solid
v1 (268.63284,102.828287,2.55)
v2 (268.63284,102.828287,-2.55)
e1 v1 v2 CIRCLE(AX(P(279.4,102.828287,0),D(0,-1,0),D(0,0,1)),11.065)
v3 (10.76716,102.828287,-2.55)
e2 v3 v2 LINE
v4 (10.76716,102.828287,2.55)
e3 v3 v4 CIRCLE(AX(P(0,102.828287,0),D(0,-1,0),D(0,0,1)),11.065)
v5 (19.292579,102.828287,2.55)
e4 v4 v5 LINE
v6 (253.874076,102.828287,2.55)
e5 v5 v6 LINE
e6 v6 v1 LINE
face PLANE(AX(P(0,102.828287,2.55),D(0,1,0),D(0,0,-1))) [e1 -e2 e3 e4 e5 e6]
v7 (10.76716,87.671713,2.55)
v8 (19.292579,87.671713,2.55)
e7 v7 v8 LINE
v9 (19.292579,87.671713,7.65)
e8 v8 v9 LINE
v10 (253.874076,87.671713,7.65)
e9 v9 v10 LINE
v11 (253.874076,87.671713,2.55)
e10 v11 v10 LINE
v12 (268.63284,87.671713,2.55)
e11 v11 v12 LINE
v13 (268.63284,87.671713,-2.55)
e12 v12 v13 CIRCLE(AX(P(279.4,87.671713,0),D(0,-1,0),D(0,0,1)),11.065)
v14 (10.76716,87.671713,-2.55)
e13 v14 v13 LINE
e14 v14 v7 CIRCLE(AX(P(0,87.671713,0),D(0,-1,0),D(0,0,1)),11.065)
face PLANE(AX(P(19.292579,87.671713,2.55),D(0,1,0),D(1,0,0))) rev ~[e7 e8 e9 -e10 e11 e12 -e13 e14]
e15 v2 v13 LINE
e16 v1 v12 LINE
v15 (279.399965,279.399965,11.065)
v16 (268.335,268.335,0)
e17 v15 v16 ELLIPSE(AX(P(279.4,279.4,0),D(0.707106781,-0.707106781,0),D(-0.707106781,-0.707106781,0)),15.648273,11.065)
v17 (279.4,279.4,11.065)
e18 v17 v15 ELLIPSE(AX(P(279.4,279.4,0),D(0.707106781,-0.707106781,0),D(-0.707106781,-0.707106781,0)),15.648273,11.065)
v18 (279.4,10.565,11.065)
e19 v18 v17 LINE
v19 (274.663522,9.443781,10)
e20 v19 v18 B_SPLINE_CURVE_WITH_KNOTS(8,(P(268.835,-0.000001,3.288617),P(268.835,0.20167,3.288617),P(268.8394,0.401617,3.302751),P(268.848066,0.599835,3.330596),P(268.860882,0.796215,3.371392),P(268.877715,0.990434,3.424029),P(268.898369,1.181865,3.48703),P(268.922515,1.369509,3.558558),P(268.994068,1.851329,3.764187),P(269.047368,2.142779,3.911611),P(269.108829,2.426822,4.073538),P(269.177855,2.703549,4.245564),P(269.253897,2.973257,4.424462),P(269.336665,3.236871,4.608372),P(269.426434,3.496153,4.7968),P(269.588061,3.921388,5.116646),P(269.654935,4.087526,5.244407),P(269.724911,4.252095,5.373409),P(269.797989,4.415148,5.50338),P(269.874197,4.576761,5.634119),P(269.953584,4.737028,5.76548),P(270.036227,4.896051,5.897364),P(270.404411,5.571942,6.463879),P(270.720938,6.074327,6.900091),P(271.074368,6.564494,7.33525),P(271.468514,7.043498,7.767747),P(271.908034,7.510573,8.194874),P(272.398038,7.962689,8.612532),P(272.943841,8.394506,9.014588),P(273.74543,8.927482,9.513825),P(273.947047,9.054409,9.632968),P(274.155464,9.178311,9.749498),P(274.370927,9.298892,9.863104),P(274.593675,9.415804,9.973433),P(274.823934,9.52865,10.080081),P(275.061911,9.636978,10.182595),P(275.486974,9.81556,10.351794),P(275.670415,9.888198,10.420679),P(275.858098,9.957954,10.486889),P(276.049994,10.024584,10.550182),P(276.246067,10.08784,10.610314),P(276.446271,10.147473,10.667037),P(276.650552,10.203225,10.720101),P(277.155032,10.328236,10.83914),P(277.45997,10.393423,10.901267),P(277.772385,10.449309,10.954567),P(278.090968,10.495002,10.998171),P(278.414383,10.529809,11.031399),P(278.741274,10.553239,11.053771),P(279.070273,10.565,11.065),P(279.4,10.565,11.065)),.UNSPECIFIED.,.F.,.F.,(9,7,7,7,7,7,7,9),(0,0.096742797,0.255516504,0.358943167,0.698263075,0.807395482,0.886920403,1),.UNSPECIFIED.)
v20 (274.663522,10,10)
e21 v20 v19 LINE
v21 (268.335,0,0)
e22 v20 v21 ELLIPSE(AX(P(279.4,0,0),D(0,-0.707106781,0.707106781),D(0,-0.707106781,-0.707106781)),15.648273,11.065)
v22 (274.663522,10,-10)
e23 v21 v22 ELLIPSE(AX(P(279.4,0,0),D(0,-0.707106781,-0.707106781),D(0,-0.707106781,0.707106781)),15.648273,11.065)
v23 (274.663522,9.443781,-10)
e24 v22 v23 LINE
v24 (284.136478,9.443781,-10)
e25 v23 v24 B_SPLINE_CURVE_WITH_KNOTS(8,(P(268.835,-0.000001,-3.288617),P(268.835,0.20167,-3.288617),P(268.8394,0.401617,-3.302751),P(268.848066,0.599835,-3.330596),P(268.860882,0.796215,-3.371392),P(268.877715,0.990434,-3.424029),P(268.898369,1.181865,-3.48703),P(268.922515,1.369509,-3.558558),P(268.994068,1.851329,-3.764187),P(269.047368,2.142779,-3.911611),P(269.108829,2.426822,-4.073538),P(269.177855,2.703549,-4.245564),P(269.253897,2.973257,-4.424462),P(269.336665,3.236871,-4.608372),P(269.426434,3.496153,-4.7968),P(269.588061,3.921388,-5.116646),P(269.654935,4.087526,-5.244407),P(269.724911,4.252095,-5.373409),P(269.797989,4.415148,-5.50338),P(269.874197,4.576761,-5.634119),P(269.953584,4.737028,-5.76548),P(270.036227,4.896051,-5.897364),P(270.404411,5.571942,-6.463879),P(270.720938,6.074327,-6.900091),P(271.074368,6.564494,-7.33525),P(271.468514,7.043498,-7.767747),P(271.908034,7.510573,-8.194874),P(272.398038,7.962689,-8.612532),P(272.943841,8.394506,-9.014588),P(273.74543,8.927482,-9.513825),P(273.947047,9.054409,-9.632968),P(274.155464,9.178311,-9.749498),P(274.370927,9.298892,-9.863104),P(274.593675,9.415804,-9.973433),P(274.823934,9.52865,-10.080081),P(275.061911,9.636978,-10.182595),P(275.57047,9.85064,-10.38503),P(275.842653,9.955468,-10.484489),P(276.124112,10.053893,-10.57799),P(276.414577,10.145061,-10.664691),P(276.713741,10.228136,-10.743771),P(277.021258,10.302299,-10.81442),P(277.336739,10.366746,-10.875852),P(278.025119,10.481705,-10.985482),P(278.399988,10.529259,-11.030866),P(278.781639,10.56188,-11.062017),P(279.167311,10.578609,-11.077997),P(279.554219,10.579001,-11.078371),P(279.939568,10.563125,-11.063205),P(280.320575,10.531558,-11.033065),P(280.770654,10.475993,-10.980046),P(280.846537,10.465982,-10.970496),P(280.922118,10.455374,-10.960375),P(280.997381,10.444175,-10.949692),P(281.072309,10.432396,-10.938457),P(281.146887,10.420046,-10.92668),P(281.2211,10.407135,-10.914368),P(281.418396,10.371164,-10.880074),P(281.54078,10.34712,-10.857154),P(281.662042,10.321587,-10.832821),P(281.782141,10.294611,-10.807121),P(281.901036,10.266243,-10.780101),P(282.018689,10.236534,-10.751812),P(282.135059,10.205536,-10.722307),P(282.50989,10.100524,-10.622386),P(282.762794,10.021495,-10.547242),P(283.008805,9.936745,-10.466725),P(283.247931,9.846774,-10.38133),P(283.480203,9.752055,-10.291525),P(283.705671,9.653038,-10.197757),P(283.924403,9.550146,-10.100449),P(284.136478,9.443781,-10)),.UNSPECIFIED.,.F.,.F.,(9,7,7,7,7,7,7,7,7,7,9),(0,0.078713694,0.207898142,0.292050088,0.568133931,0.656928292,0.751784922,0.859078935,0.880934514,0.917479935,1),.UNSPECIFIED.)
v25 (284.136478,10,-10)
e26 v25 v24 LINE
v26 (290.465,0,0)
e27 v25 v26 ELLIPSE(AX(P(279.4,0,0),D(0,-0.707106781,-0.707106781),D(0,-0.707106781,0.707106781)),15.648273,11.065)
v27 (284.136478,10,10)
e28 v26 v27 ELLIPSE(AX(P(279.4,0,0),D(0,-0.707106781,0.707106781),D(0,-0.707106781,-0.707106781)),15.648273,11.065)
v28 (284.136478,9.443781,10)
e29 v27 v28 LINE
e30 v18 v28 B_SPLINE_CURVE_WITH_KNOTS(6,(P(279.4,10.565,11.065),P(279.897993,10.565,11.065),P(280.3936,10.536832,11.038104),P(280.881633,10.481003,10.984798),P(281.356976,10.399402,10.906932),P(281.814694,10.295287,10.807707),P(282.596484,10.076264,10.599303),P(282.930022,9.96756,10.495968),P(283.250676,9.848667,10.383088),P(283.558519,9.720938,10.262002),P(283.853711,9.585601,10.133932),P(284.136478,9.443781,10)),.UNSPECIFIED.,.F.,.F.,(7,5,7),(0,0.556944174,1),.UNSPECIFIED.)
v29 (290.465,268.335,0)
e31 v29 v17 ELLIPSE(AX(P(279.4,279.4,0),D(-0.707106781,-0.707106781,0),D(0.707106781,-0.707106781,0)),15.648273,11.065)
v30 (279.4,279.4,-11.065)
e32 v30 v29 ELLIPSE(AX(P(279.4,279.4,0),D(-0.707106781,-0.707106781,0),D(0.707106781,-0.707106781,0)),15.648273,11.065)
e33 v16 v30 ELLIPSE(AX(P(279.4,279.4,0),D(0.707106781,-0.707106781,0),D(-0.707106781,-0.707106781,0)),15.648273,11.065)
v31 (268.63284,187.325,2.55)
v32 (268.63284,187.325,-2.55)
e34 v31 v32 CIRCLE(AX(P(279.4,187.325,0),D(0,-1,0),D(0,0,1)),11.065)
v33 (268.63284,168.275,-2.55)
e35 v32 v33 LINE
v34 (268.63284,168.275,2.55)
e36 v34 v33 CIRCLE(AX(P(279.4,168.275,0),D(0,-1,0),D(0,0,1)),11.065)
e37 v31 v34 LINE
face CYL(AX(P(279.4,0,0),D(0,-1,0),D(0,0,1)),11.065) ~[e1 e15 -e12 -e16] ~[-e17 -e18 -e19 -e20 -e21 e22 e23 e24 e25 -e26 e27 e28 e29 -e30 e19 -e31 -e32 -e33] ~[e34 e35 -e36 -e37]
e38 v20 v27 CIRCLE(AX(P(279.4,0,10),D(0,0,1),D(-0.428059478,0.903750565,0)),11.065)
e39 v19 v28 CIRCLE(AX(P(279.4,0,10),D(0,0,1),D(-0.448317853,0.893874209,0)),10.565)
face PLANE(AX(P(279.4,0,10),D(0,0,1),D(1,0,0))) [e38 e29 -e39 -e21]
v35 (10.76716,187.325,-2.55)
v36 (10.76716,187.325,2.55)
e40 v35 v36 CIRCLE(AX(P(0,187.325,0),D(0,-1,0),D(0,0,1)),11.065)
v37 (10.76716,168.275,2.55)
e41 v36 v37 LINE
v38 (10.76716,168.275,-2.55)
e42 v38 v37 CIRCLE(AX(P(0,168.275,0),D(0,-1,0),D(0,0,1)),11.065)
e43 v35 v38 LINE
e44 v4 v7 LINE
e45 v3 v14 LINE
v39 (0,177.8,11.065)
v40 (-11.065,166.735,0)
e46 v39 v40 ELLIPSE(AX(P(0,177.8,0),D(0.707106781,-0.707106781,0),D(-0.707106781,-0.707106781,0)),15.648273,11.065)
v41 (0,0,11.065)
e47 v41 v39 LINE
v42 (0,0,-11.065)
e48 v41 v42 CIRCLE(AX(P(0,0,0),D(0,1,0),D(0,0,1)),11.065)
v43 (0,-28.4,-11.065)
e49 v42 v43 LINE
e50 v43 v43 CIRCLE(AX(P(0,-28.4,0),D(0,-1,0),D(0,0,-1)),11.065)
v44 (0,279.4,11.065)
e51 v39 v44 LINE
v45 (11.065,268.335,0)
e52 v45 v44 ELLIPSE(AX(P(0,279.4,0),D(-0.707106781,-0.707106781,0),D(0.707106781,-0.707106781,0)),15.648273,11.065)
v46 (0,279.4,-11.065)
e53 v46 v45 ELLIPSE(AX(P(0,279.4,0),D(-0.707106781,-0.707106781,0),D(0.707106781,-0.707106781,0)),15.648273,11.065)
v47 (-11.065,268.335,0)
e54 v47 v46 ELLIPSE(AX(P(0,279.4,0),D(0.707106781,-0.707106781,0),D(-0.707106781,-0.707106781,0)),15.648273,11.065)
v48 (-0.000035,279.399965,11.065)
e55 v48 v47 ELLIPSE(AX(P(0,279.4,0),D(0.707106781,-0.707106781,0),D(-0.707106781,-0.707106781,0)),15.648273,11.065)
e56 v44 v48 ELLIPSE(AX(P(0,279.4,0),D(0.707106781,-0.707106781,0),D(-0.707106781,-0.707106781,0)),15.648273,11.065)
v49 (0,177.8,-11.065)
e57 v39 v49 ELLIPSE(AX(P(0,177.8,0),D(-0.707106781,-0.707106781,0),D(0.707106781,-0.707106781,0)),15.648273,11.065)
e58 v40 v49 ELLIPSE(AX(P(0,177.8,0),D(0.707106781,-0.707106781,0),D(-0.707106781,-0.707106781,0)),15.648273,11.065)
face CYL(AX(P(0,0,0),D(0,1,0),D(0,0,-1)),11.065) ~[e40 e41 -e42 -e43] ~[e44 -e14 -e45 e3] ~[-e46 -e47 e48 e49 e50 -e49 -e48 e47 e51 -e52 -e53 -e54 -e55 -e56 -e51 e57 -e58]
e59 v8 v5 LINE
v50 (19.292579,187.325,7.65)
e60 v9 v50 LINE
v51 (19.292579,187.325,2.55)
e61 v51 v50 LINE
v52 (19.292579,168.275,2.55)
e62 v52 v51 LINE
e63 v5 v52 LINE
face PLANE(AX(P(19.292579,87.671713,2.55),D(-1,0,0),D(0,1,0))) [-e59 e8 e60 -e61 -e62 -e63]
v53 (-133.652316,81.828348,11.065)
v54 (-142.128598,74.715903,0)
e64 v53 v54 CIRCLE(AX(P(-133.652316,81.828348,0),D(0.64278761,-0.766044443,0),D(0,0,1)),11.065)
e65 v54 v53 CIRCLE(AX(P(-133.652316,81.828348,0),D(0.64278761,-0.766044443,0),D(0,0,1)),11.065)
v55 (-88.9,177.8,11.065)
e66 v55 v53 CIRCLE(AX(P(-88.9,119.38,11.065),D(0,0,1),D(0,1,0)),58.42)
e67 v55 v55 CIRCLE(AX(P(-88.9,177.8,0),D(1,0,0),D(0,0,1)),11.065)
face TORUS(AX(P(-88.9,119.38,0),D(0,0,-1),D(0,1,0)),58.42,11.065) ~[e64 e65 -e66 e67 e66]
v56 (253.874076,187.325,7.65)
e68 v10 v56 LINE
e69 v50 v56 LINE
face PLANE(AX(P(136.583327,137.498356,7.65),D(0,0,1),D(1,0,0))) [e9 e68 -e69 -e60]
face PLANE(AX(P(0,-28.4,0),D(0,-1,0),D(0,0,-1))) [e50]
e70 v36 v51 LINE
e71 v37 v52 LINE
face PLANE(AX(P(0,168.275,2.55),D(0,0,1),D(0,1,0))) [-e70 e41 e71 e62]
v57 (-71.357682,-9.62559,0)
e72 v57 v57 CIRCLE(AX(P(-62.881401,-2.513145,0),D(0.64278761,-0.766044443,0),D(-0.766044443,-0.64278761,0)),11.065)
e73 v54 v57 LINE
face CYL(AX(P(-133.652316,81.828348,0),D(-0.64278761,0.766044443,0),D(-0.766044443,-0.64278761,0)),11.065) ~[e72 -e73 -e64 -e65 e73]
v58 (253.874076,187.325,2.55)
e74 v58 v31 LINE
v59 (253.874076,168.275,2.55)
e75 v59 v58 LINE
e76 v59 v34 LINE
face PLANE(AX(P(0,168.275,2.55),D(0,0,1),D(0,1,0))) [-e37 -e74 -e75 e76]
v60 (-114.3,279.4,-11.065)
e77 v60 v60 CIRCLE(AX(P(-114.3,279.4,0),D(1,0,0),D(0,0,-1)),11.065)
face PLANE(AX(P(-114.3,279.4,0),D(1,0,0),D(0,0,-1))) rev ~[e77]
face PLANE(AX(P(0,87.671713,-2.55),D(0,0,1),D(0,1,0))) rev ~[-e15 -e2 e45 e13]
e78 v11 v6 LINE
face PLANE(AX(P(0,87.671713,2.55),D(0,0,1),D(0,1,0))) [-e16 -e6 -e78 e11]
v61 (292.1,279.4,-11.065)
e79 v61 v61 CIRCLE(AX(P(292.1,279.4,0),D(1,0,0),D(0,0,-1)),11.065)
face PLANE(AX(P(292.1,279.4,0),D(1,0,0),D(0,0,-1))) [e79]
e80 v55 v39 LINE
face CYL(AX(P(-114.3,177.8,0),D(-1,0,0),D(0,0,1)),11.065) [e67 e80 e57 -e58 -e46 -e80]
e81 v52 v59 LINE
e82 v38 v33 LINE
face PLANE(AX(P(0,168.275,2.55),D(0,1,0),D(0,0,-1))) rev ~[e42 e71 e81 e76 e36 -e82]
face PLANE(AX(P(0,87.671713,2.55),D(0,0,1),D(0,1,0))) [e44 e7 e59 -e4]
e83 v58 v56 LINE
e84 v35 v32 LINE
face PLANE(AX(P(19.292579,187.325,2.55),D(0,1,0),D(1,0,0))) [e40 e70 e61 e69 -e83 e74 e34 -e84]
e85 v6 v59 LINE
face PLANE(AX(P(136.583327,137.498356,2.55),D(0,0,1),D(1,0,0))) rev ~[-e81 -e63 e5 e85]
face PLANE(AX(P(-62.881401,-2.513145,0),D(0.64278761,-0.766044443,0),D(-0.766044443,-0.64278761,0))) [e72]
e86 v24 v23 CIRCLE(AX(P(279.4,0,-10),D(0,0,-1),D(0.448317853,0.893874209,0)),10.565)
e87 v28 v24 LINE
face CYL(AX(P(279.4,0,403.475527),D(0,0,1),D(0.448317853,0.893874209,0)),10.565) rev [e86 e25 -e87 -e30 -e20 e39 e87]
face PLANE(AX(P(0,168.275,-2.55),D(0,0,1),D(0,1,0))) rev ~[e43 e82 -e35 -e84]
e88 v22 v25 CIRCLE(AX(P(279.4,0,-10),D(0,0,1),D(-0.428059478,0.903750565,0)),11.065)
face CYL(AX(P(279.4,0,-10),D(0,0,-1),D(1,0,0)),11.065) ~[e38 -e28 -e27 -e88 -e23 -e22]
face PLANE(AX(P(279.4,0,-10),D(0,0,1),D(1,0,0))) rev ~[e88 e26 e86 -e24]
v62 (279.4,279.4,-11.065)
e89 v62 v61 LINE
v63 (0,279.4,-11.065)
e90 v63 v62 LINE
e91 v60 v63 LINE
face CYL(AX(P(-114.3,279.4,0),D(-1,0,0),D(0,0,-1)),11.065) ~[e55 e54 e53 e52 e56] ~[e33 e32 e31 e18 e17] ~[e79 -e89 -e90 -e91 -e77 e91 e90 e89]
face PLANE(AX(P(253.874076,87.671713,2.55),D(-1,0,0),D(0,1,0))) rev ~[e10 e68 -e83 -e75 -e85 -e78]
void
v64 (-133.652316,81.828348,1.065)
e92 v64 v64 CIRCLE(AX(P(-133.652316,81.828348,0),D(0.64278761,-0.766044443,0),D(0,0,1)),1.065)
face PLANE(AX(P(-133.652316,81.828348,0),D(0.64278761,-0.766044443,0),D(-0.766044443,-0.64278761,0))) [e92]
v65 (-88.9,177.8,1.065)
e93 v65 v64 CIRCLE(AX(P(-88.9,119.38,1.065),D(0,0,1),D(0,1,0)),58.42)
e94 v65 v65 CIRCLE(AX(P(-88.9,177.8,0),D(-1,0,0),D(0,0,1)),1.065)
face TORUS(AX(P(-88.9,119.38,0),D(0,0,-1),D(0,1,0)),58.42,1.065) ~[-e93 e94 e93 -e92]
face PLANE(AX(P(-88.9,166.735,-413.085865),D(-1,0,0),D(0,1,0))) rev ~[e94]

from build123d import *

# Parameters (mm, degrees)
SKETCH1_R            = 11.065
EXTRUDE1_DEPTH       = 279.4
EXTRUDE1_2_DEPTH     = 279.4
EXTRUDE2_DEPTH       = 292.1
EXTRUDE2_DEPTH_BACK  = 114.3
SKETCH2_R            = 11.065
SKETCH3_R            = 11.065
EXTRUDE3_DEPTH       = 114.3
EXTRUDE5_DEPTH       = 413.085865385
EXTRUDE5_DEPTH_BACK  = 413.085865385
SKETCH5_W            = 50.8
SKETCH5_H            = 22.13
SKETCH7_R            = 11.065
SKETCH7_R_2          = 1.065
SKETCH7_W            = 28.83710894
SKETCH7_H            = 10
REVOLVE_THIN3_ANGLE  = 130
SKETCH10_R           = 11.065
EXTRUDE6_DEPTH       = 110.1
SKETCH11_W           = 5.1
SKETCH11_H           = 19.05
SKETCH11_H_2         = 15.156574232
EXTRUDE7_DEPTH       = 279.4
SKETCH12_W           = 234.581497294
SKETCH12_H           = 99.653287116
EXTRUDE8_DEPTH       = 5.1
EXTRUDE9_DEPTH       = 10
EXTRUDE9_DEPTH_BACK  = 10
SKETCH13_R           = 11.065
SKETCH13_R_2         = 10.565
EXTRUDE10_DEPTH      = 413.475527097
EXTRUDE10_DEPTH_BACK = 413.475527097
SKETCH14_R           = 10.565
SKETCH15_R           = 11.065
EXTRUDE11_DEPTH      = 28.4


with BuildPart() as part:
    # Sketch1 → Extrude1 (new body)
    with BuildSketch(Plane(origin=(0, 0, 0), x_dir=(1, 0, 0), z_dir=(0, 1, 0))):
        with Locations(Location((0, 0, 0), (0, 0, 270))):
            Circle(SKETCH1_R)
    extrude(amount=EXTRUDE1_DEPTH)



with BuildPart() as body_2:
    # Sketch1 → Extrude1 2 (new body)
    with BuildSketch(Plane(origin=(0, 0, 0), x_dir=(1, 0, 0), z_dir=(0, 1, 0))):
        with Locations(Location((279.4, 0, 0), (0, 0, 270))):
            Circle(SKETCH1_R)
    extrude(amount=EXTRUDE1_2_DEPTH)


with BuildPart() as part_1:
    add(part.part)

    add(body_2.part)  # Extrude2 merges body 2
    # Sketch2 → Extrude2 (add, two sides: drawn at the far end of the back side and taken through both)
    with BuildSketch(Plane(origin=(0, 0, 0), x_dir=(0, 0, -1), z_dir=(1, 0, 0)).offset(-EXTRUDE2_DEPTH_BACK)):
        with Locations((0, 279.4)):
            Circle(SKETCH2_R)
    extrude(amount=EXTRUDE2_DEPTH + EXTRUDE2_DEPTH_BACK)

    # Sketch3 → Extrude3 (add)
    with BuildSketch(Plane.ZY.offset(114.3)):
        with Locations((0, 177.8)):
            Circle(SKETCH3_R)
    extrude(amount=-EXTRUDE3_DEPTH)

    # Sketch5 → Extrude5 (cut, two sides: drawn at the far end of the back side and taken through both)
    with BuildSketch(Plane.XY.offset(-EXTRUDE5_DEPTH_BACK)):
        with Locations((-114.3, 177.8)):
            Rectangle(SKETCH5_W, SKETCH5_H)
    extrude(amount=EXTRUDE5_DEPTH + EXTRUDE5_DEPTH_BACK, mode=Mode.SUBTRACT)

    # Sketch7 → Revolve-Thin3 (revolve)
    # profile 1 of 2: a face of its own
    with BuildSketch(Plane.ZY.offset(88.9)):
        with Locations((0, 177.8)):
            Circle(SKETCH7_R)
        with Locations((0, 177.8)):
            Circle(SKETCH7_R_2, mode=Mode.SUBTRACT)
    # profile 2 of 2: a face of its own
    with BuildSketch(Plane.ZY.offset(88.9)):
        with Locations((14.41855447, 124.38)):
            Rectangle(SKETCH7_W, SKETCH7_H)
    revolve(axis=Axis((-88.9, 119.38, 0), (0, 0, 1)), revolution_arc=REVOLVE_THIN3_ANGLE)


with BuildPart() as revolve_thin3_kept_piece:
    # of the separate pieces the step leaves, the one the design keeps (revolve_thin3_pieces_kept)
    add(part_1.part.solids().sort_by_distance((0, 0, 11.065))[0])

    # Sketch10 → Extrude6 (add)
    with BuildSketch(Plane(origin=(-95.51451328, 113.829764346, 0), x_dir=(0.7660444431189746, 0.6427876096865435, 0), z_dir=(0.6427876096865435, -0.7660444431189746, 0))):
        with Locations(Location((-49.785366149, 0, 0), (0, 0, 180))):
            Circle(SKETCH10_R)
    extrude(amount=EXTRUDE6_DEPTH)

    # Sketch11 → Extrude7 (add)
    with BuildSketch(Plane(origin=(0, 0, 0), x_dir=(0, 0, -1), z_dir=(1, 0, 0))):
        with Locations((0, 177.8)):
            Rectangle(SKETCH11_W, SKETCH11_H)
        with Locations((0, 95.25)):
            Rectangle(SKETCH11_W, SKETCH11_H_2)
    extrude(amount=EXTRUDE7_DEPTH)

    # Sketch12 → Extrude8 (add)
    with BuildSketch(Plane.XY.offset(2.55)):
        with Locations((136.583327193, 137.498356442)):
            Rectangle(SKETCH12_W, SKETCH12_H)
    extrude(amount=EXTRUDE8_DEPTH)


with BuildPart() as extrude9_tool:
    # Sketch13 → Extrude9 (new, two sides: drawn at the far end of the back side and taken through both)
    with BuildSketch(Plane.XY.offset(-EXTRUDE9_DEPTH_BACK)):
        with Locations((279.4, 0)):
            Circle(SKETCH13_R)
        with Locations((279.4, 0)):
            Circle(SKETCH13_R_2, mode=Mode.SUBTRACT)
    extrude(amount=EXTRUDE9_DEPTH + EXTRUDE9_DEPTH_BACK)


with BuildPart() as revolve_thin3_kept_piece_1:
    add(revolve_thin3_kept_piece.part)


with BuildPart() as revolve_thin3_kept_piece_2:
    # Extrude9: joined with extrude9_tool
    add(revolve_thin3_kept_piece_1.part.fuse(extrude9_tool.part, tol=0.00001))

    # Sketch14 → Extrude10 (cut, two sides: drawn at the far end of the back side and taken through both)
    with BuildSketch(Plane(origin=(0, 0, -10), x_dir=(-1, 0, 0), z_dir=(0, 0, -1)).offset(-EXTRUDE10_DEPTH_BACK)):
        with Locations(Location((-279.4, 0, 0), (0, 0, 116.635810294))):
            Circle(SKETCH14_R)
    extrude(amount=EXTRUDE10_DEPTH + EXTRUDE10_DEPTH_BACK, mode=Mode.SUBTRACT)

    # Sketch15 → Extrude11 (add)
    with BuildSketch(Plane.XZ):
        with Locations(Location((0, 0, 0), (0, 0, 270))):
            Circle(SKETCH15_R)
    extrude(amount=EXTRUDE11_DEPTH)


solid = revolve_thin3_kept_piece_2.part
